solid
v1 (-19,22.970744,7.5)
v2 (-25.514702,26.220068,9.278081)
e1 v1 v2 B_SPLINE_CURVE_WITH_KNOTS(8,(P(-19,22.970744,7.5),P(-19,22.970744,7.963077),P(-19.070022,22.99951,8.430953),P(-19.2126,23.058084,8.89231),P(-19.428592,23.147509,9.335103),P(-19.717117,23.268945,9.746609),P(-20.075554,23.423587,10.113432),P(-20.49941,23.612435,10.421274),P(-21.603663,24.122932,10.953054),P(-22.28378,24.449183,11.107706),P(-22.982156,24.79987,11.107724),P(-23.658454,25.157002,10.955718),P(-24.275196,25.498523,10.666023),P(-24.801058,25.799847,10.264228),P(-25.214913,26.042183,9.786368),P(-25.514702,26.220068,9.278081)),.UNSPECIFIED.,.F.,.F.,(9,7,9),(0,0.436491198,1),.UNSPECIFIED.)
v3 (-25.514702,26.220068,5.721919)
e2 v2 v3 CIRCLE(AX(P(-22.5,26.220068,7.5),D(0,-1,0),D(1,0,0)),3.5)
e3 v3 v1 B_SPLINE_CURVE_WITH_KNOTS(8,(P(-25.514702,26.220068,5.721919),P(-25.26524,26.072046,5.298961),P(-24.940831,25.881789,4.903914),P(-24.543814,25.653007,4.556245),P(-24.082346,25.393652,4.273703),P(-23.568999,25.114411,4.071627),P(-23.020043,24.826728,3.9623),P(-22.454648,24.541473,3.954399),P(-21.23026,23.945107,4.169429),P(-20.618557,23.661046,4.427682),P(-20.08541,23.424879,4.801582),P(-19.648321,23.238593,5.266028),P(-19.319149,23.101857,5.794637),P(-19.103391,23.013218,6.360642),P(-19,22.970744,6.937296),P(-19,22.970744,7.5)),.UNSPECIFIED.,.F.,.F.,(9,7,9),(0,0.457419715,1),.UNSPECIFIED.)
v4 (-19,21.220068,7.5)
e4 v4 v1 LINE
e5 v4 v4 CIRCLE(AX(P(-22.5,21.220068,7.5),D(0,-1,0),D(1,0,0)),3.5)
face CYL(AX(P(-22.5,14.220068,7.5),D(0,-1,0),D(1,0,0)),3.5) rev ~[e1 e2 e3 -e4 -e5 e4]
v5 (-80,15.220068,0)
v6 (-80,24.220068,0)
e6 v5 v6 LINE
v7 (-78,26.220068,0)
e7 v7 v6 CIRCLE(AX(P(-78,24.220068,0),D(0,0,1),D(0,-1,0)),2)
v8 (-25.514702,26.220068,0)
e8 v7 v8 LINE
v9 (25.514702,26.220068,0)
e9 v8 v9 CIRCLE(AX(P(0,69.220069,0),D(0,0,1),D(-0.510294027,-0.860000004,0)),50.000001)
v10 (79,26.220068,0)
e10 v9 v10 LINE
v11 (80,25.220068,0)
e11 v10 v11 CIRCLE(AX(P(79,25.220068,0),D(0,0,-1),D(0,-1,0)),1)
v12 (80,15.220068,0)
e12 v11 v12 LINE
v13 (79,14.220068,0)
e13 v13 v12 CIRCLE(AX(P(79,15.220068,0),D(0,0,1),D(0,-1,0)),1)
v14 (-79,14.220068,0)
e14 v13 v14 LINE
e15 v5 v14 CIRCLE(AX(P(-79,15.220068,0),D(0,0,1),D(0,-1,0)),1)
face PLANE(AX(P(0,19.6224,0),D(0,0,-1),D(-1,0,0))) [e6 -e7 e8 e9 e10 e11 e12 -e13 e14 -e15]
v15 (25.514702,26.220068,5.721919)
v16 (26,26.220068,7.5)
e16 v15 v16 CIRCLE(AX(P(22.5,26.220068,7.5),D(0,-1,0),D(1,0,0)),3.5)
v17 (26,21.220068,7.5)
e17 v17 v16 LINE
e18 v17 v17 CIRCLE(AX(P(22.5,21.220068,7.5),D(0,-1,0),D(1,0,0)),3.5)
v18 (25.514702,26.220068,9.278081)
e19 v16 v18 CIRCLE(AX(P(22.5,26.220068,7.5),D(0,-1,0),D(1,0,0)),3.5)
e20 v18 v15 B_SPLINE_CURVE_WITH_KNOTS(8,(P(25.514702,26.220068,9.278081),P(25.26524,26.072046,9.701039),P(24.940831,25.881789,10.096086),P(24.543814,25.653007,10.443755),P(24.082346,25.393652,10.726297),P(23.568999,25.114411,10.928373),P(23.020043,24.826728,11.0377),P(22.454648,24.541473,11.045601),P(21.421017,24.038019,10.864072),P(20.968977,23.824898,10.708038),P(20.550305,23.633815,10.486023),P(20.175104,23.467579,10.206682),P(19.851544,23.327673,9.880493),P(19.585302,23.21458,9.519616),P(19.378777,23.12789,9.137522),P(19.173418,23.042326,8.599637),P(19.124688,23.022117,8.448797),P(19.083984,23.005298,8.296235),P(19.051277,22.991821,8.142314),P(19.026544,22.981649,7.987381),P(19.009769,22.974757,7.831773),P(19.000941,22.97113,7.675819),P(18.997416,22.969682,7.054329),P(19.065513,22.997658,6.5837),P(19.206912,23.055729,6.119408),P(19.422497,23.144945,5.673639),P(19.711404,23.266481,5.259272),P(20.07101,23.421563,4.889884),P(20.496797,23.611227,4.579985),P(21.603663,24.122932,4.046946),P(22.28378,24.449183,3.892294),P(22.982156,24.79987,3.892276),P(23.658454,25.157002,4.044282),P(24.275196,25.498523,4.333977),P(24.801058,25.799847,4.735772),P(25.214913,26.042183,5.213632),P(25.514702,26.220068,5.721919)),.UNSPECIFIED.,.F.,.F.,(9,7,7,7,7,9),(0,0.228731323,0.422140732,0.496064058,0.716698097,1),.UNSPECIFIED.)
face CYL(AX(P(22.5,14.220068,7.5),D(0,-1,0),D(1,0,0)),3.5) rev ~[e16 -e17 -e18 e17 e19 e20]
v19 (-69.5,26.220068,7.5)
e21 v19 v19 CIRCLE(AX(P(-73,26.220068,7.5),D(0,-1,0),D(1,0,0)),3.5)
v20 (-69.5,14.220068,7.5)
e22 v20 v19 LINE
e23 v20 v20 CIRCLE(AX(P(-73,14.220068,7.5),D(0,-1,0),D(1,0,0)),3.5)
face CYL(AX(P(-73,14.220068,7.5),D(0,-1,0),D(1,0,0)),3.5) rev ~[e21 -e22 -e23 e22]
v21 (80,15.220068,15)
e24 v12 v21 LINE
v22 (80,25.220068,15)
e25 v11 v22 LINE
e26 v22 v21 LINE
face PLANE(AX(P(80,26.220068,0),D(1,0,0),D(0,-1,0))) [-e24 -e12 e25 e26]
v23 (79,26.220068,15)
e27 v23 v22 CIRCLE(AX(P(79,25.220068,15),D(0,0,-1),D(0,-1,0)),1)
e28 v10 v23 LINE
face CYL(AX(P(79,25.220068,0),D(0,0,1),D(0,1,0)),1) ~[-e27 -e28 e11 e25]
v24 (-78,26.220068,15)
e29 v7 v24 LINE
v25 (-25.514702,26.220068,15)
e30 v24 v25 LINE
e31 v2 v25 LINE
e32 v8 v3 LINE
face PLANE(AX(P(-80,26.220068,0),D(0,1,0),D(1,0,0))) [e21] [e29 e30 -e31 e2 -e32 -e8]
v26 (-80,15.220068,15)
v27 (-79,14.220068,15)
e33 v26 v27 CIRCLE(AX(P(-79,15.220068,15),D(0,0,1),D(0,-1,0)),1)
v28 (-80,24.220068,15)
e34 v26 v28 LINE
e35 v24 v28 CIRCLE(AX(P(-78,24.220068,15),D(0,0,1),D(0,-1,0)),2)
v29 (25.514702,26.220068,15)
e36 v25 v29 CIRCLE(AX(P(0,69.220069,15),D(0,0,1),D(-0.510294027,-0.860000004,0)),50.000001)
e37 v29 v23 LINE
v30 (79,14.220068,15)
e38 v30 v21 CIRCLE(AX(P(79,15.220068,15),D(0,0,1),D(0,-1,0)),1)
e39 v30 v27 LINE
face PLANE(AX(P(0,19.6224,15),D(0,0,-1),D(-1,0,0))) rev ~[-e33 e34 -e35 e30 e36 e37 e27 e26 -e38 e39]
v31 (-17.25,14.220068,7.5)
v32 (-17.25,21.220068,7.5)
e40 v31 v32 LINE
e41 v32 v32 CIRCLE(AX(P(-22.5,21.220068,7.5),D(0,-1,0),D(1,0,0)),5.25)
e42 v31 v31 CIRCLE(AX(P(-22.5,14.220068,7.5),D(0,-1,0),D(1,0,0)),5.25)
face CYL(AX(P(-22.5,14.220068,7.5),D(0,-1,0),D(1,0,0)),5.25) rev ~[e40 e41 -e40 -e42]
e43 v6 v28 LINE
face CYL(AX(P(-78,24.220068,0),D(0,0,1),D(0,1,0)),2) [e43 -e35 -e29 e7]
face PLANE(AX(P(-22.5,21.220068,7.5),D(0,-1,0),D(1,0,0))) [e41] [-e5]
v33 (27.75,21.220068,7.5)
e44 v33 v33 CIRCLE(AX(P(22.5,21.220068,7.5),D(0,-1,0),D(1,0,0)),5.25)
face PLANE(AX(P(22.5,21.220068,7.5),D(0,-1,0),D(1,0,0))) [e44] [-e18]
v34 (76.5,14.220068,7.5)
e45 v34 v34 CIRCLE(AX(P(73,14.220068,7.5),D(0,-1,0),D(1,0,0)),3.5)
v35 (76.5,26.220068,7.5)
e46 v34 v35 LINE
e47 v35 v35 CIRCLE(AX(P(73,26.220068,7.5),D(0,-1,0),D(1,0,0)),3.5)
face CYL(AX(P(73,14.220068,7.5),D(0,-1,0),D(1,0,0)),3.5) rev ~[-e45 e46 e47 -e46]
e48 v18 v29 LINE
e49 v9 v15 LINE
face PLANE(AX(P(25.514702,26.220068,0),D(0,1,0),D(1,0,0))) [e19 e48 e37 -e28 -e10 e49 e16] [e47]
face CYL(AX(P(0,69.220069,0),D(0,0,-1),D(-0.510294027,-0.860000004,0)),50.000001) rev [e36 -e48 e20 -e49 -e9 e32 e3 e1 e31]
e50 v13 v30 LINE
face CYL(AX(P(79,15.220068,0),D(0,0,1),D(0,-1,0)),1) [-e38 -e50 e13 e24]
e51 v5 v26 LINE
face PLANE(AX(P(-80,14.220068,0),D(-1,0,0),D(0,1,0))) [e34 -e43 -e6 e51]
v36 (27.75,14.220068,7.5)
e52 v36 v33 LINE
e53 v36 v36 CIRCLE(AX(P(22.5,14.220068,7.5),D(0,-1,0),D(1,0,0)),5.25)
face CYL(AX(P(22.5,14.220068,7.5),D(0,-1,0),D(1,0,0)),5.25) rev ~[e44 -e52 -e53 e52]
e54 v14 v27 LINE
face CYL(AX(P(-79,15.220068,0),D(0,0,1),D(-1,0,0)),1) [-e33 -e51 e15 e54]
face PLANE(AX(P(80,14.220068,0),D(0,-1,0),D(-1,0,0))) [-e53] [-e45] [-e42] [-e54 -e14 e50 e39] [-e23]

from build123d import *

# Parameters (mm, degrees)
SKETCH005_R      = 5.25
EXTRUDE005_DEPTH = 7
SKETCH004_R      = 3.5
EXTRUDE004_DEPTH = 50
EXTRUDE003_DEPTH = 15
FILLET_1_R       = 2
FILLET_2_R       = 1


with BuildPart() as extrude005:
    # Sketch005 (on Face10 of Cut002) → Extrude005 (new body)
    with BuildSketch(Plane.XZ.offset(-14.220068)):
        with Locations((-22.5, 7.5)):
            Circle(SKETCH005_R)
        with Locations((22.5, 7.5)):
            Circle(SKETCH005_R)
    extrude(amount=-EXTRUDE005_DEPTH)


with BuildPart() as extrude004:
    # Sketch004 (on Face5 of Extrude003) → Extrude004 (new body)
    with BuildSketch(Plane.XZ.offset(-14.220068)):
        with Locations((-73, 7.5)):
            Circle(SKETCH004_R)
        with Locations((73, 7.5)):
            Circle(SKETCH004_R)
        with Locations((-22.5, 7.5)):
            Circle(SKETCH004_R)
        with Locations((22.5, 7.5)):
            Circle(SKETCH004_R)
    extrude(amount=-EXTRUDE004_DEPTH)


with BuildPart() as fillet_body:
    # Sketch003 → Extrude003 (new body)
    with BuildSketch(Plane.XY):
        with BuildLine():
            Line((-80, 26.220068), (-25.514702, 26.220068))
            ThreePointArc((-25.514702, 26.220068), (0, 19.220068), (25.514702, 26.220068))
            Line((25.514702, 26.220068), (80, 26.220068))
            Line((80, 26.220068), (80, 14.220068))
            Line((80, 14.220068), (-80, 14.220068))
            Line((-80, 14.220068), (-80, 26.220068))
        make_face()
    extrude(amount=EXTRUDE003_DEPTH)

    # Cut002: cut Extrude004
    add(extrude004.part, mode=Mode.SUBTRACT)

    # Cut003: cut Extrude005
    add(extrude005.part, mode=Mode.SUBTRACT)

    # Fillet 1
    fillet_1_edges = [fillet_body.edges().sort_by_distance(p)[0] for p in [
        (-80, 26.220068, 7.5),
    ]]
    fillet(fillet_1_edges, radius=FILLET_1_R)

    # Fillet 2
    fillet_2_edges = [fillet_body.edges().sort_by_distance(p)[0] for p in [
        (-80, 14.220068, 7.5),
        (80, 26.220068, 7.5),
        (80, 14.220068, 7.5),
    ]]
    fillet(fillet_2_edges, radius=FILLET_2_R)


solid = fillet_body.part
